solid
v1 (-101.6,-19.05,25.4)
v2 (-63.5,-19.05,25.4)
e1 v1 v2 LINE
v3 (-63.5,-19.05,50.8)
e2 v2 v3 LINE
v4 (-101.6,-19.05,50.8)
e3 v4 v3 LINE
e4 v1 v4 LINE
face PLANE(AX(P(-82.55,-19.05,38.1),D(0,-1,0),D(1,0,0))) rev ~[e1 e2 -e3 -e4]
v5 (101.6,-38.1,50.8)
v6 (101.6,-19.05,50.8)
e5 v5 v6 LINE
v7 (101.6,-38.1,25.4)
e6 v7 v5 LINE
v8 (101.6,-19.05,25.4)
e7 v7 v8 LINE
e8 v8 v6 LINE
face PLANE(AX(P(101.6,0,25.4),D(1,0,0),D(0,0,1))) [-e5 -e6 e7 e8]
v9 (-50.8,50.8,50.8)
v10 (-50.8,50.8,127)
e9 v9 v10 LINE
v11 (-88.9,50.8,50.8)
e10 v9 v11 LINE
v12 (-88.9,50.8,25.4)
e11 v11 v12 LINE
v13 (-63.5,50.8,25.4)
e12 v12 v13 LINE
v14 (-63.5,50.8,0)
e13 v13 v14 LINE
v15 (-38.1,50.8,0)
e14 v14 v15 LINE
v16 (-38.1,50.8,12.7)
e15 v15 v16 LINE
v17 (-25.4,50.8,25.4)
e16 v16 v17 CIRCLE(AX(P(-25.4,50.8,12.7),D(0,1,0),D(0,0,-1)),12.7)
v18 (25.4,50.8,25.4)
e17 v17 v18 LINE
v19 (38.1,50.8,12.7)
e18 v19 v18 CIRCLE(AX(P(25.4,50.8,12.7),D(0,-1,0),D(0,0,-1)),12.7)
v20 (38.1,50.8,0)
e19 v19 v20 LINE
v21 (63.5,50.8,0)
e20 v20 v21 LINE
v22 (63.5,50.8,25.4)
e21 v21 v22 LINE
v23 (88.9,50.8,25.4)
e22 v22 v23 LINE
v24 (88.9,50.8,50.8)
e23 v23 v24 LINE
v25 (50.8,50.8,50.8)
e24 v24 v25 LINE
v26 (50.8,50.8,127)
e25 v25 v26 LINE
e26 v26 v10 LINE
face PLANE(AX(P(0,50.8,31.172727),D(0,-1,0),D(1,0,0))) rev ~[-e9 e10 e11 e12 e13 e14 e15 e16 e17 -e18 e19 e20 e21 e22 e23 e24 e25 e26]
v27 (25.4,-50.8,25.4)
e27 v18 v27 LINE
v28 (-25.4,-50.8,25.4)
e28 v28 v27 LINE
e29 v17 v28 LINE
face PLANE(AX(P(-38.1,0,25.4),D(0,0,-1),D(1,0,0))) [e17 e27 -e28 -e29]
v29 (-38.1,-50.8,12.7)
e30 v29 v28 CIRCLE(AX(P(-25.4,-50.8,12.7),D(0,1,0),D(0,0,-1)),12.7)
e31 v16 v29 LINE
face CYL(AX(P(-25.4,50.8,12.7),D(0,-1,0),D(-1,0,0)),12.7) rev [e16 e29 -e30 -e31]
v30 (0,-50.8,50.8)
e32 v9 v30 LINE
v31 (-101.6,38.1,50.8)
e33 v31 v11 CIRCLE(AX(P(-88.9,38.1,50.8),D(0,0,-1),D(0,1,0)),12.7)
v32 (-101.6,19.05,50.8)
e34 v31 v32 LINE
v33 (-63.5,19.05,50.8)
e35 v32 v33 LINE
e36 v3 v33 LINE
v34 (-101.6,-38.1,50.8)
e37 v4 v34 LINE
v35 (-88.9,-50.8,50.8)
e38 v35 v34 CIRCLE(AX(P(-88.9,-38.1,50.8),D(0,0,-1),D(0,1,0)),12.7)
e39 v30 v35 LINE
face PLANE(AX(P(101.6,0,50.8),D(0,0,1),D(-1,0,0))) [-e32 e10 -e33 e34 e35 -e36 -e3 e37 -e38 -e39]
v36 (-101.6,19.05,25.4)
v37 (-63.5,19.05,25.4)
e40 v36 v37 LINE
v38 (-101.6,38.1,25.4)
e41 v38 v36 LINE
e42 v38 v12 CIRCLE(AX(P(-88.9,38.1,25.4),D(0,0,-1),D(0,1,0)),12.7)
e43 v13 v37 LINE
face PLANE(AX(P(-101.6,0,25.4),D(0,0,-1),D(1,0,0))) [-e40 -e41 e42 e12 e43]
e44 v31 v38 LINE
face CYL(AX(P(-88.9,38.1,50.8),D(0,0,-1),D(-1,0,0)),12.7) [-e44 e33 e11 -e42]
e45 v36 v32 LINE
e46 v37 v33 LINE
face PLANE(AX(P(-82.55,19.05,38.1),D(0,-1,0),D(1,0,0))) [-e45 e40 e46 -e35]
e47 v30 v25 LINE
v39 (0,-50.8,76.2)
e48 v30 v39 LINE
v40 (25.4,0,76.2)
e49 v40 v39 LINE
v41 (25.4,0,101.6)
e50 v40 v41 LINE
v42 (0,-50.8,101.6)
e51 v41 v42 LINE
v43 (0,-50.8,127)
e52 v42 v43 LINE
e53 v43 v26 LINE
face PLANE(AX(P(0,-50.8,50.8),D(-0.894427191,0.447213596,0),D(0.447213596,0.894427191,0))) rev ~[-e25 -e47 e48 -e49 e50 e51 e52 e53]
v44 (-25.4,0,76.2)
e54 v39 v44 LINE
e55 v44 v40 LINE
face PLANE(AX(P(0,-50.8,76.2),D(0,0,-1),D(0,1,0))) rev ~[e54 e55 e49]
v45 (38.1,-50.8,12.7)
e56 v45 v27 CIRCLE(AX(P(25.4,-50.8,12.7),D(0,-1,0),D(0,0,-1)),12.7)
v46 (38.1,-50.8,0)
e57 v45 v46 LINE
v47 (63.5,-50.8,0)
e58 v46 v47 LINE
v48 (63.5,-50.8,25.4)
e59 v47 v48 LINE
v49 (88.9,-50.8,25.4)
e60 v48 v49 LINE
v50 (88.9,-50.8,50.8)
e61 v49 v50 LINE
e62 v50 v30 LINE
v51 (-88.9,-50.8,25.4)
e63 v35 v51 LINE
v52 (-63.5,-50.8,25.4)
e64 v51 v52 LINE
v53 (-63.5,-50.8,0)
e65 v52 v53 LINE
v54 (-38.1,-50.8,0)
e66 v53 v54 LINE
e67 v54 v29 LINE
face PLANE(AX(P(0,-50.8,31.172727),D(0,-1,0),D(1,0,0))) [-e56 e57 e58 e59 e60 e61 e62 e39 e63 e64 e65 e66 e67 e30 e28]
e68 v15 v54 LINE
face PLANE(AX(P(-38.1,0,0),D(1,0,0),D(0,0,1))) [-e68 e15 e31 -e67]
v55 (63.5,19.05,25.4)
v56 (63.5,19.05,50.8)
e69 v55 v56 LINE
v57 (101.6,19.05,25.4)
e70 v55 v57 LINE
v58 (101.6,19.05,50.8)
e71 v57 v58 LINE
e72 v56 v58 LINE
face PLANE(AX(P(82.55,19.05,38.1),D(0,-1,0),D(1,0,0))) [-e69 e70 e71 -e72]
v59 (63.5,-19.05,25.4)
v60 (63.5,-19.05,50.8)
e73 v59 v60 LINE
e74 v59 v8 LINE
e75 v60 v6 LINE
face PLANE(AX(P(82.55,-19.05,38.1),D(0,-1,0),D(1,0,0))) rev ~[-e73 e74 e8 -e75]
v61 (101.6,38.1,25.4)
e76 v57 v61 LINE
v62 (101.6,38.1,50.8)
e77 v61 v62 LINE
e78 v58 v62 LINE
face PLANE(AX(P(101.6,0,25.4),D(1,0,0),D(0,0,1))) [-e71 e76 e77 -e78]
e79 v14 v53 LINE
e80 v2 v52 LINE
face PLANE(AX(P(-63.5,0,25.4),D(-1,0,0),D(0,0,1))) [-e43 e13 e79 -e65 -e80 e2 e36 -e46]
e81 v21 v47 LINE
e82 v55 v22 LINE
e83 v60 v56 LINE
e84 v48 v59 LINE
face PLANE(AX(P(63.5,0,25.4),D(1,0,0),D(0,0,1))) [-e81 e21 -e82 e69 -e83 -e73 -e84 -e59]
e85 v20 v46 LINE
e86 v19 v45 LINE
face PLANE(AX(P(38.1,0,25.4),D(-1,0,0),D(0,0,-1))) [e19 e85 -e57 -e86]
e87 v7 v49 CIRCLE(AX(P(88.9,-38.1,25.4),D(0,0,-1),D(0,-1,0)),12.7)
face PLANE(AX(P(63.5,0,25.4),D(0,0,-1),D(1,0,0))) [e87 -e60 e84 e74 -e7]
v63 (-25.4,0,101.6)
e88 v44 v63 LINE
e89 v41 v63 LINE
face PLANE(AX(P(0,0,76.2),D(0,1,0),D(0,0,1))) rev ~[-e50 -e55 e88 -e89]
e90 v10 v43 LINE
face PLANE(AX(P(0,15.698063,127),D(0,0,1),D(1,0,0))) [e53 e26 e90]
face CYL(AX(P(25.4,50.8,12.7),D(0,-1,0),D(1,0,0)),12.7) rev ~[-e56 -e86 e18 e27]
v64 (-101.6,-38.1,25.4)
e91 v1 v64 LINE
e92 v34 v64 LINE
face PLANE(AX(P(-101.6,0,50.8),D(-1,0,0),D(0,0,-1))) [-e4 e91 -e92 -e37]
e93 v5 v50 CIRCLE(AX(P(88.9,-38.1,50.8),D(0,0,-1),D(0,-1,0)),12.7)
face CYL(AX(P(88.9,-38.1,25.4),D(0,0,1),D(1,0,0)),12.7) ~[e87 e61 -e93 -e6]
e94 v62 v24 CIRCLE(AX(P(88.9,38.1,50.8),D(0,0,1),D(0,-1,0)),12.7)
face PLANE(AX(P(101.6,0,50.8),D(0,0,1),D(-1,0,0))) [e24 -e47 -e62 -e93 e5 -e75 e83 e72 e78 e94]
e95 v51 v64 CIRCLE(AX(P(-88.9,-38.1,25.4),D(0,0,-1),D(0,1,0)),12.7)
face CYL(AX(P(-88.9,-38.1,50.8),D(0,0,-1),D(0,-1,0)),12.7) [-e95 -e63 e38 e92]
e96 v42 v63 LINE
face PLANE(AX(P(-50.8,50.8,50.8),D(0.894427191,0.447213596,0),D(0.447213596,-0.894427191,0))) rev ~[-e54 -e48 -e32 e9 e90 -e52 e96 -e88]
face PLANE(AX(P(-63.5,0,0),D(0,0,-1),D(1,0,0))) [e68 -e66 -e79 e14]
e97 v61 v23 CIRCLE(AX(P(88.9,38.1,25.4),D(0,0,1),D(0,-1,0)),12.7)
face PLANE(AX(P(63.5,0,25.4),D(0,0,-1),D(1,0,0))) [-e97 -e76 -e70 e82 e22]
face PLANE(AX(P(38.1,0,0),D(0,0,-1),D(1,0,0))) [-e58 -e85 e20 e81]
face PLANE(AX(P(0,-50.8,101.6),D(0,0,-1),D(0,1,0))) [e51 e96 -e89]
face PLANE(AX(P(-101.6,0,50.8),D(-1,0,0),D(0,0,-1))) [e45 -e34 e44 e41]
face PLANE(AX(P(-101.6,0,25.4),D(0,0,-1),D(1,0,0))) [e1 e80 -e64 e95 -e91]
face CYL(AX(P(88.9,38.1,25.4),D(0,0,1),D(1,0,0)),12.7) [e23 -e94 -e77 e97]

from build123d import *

# Parameters (mm, degrees)
F1_DEPTH = 50.8
F2_W     = 38.1
F2_H     = 25.4
F3_DEPTH = 19.05
F4_R     = 12.7
F5_R     = 12.7
F7_DEPTH = 76.2
F8_W     = 50.8
F8_H     = 25.4
F9_DEPTH = 25.4


with BuildPart() as f1:
    # F0 (on Front) → F1 (new body, symmetric)
    with BuildSketch(Plane.XZ):
        Polygon((101.6, 50.8), (-101.6, 50.8), (-101.6, 25.4), (-63.5, 25.4), (-63.5, 0), (-38.1, 0), (-38.1, 25.4), (38.1, 25.4), (38.1, 0), (63.5, 0), (63.5, 25.4), (101.6, 25.4), align=None)
    extrude(amount=F1_DEPTH, both=True)

    # F2 (on Front) → F3 (cut, symmetric)
    with BuildSketch(Plane.XZ):
        with Locations((-82.55, 38.1)):
            Rectangle(F2_W, F2_H)
        with Locations((82.55, 38.1)):
            Rectangle(F2_W, F2_H)
    extrude(amount=F3_DEPTH, both=True, mode=Mode.SUBTRACT)

    # F4
    f4_edges = [f1.edges().sort_by_distance(p)[0] for p in [
        (101.6, -50.8, 38.1),
        (101.6, 50.8, 38.1),
        (-101.6, -50.8, 38.1),
        (-101.6, 50.8, 38.1),
    ]]
    fillet(f4_edges, radius=F4_R)

    # F5
    f5_edges = [f1.edges().sort_by_distance(p)[0] for p in [
        (38.1, 0, 25.4),
        (-38.1, 0, 25.4),
    ]]
    fillet(f5_edges, radius=F5_R)

    # F6 (on face) → F7 (join)
    with BuildSketch(Plane.XY.offset(50.8)):
        Polygon((-50.8, 50.8), (0, -50.8), (50.8, 50.8), align=None)
    extrude(amount=F7_DEPTH)

    # F8 (on Right) → F9 (cut, symmetric)
    with BuildSketch(Plane.YZ):
        with Locations((-25.4, 88.9)):
            Rectangle(F8_W, F8_H)
    extrude(amount=F9_DEPTH, both=True, mode=Mode.SUBTRACT)


solid = f1.part
